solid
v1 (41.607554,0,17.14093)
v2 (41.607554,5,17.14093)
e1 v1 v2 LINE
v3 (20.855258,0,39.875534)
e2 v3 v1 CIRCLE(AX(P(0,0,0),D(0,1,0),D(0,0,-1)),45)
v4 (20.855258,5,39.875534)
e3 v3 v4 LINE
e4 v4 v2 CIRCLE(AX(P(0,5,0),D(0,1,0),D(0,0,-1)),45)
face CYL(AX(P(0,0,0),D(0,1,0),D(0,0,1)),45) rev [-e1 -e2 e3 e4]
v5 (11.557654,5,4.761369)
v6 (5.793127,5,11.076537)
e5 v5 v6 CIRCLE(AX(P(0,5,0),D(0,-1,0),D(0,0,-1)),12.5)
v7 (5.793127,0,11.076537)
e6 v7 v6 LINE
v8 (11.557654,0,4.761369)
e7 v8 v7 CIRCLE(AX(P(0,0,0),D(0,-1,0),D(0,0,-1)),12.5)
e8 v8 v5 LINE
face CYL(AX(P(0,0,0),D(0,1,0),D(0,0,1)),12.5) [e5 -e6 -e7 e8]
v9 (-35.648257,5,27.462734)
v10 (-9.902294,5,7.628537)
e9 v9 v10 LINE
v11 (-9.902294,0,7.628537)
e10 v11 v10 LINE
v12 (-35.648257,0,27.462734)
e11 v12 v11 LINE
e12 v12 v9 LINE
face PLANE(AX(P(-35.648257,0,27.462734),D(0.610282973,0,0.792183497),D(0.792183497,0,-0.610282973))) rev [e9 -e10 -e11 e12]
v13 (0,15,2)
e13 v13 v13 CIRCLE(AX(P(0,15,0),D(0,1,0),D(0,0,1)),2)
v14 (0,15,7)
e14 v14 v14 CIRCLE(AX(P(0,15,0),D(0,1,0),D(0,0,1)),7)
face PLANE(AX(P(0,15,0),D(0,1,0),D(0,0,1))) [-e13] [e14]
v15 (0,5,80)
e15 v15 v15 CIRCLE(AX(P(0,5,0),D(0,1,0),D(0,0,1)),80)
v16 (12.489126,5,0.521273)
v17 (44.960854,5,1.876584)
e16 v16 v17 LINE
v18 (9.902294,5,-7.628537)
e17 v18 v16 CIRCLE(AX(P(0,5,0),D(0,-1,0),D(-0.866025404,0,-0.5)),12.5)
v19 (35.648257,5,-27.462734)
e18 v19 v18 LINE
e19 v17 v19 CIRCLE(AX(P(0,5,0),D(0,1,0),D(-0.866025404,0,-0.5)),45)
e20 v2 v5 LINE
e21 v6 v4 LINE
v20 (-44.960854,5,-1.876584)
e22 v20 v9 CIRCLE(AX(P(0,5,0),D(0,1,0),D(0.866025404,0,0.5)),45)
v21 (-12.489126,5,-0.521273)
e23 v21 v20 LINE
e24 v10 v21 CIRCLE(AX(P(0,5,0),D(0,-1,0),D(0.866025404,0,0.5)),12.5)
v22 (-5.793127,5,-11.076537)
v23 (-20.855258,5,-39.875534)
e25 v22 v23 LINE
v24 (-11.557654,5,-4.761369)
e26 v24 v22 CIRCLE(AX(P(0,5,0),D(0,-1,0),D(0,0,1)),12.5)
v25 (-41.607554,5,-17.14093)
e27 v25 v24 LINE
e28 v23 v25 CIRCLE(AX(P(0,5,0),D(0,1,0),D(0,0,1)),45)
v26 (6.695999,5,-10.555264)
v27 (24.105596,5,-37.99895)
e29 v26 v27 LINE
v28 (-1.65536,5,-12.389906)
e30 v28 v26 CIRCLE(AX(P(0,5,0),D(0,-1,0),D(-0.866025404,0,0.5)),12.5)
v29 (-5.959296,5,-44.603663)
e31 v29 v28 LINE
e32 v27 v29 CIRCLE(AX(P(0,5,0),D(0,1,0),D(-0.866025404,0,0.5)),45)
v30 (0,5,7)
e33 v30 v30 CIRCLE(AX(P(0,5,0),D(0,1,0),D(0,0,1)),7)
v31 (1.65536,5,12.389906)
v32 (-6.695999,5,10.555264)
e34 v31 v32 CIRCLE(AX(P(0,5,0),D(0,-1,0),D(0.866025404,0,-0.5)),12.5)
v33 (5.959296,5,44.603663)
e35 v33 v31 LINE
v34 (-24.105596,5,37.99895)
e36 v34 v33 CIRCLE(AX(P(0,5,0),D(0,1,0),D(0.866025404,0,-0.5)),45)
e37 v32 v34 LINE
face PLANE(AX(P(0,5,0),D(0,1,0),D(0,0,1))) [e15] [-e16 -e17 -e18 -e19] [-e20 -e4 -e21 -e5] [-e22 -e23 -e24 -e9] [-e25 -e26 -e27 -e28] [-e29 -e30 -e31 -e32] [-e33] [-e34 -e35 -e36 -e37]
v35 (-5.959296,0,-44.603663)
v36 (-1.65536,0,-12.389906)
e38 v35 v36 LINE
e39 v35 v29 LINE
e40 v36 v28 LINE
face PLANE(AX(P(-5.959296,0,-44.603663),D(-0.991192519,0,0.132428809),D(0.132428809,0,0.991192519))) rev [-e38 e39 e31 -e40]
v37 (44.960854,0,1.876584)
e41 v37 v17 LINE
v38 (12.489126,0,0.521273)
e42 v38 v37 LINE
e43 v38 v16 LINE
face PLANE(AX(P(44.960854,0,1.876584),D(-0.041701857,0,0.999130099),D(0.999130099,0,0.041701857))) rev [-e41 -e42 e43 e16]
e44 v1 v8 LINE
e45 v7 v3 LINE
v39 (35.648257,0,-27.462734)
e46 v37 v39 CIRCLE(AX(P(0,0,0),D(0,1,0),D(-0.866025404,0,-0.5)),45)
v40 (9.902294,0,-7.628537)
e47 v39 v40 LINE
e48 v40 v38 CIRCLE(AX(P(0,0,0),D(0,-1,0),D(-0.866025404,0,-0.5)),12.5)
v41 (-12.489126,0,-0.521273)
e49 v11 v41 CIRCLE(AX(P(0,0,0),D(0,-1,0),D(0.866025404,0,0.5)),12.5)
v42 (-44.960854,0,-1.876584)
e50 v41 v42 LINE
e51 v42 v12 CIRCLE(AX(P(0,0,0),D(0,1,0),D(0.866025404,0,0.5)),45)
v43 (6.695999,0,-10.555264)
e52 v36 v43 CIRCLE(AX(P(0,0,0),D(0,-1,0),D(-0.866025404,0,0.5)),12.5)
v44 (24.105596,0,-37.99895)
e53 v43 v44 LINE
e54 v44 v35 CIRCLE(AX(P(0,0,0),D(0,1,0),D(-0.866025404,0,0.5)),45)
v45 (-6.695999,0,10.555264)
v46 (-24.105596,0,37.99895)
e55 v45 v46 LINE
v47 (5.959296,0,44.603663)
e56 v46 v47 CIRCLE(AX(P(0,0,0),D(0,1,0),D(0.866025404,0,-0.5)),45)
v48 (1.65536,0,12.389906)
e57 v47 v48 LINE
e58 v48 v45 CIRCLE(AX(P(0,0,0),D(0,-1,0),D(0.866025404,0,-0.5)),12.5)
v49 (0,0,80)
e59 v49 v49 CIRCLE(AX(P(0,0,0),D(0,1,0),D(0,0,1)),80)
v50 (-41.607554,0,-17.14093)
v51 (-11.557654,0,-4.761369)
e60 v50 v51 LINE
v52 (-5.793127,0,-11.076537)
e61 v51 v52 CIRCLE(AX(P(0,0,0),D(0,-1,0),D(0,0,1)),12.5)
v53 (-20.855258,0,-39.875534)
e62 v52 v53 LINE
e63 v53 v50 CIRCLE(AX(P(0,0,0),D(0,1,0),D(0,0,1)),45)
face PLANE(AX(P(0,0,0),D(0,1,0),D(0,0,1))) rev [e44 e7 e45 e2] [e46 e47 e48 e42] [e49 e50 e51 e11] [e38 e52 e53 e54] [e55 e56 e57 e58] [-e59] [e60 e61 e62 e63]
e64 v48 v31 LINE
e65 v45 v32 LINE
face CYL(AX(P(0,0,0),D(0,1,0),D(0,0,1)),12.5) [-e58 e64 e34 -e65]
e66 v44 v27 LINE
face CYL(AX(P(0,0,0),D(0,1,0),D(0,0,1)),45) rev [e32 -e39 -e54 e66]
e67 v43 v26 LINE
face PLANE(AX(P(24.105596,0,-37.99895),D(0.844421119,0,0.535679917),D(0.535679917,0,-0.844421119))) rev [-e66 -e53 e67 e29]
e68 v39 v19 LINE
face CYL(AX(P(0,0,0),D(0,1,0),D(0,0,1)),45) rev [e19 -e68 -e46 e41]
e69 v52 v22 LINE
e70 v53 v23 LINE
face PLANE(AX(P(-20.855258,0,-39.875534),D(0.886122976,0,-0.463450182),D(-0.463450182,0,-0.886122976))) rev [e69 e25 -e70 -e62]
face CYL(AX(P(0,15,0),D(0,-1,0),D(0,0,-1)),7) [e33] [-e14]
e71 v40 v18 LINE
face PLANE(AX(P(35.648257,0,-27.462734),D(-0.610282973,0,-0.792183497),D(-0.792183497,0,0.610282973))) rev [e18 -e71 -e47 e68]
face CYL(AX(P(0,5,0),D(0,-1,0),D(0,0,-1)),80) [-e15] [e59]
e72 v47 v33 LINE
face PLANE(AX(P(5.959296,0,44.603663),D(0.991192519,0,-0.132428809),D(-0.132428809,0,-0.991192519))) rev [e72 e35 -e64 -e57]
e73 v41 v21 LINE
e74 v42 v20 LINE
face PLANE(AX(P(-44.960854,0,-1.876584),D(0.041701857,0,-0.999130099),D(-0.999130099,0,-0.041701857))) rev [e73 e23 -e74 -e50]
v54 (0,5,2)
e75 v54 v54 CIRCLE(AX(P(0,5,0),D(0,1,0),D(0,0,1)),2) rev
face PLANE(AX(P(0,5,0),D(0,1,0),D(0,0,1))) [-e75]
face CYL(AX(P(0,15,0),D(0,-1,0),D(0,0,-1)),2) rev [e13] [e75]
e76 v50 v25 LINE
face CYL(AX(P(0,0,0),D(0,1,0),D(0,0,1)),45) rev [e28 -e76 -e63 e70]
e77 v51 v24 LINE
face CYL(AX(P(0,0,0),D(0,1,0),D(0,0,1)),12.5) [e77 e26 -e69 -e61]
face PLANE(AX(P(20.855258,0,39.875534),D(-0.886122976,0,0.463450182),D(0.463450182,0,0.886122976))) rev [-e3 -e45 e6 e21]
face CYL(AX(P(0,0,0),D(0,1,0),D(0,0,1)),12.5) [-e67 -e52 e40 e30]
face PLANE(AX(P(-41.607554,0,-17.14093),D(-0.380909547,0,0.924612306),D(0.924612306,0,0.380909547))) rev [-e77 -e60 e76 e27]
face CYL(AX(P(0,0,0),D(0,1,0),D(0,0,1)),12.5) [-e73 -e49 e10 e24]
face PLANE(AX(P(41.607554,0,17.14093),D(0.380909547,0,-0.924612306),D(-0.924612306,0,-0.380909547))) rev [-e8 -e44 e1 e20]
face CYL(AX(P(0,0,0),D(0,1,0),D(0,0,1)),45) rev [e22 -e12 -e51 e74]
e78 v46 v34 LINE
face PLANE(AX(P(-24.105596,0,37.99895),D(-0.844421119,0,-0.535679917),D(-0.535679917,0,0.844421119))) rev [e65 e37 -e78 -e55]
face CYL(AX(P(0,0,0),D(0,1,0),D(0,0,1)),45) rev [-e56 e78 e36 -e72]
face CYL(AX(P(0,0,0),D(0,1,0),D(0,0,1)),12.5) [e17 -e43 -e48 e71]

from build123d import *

# Parameters (mm, degrees)
SKETCH_1_R               = 80
EXTRUDE_1_DEPTH          = 5
CUT_EXTRUDE_3_DEPTH      = 114.247516529
PATTERN_CIRCULAR_2_COUNT = 6
SKETCH_2_R               = 7
SKETCH_2_R_2             = 2
EXTRUDE_2_DEPTH          = 10


with BuildPart() as part:
    # 草图1 → 凸台-拉伸1 (new body)
    with BuildSketch(Plane(origin=(0, 0, 0), x_dir=(1, 0, 0), z_dir=(0, 1, 0))):
        Circle(SKETCH_1_R)
    extrude(amount=EXTRUDE_1_DEPTH)

    # 草图5 → 切除-拉伸3 (cut, through all)
    with BuildSketch(Plane(origin=(0, 5, 0), x_dir=(1, 0, 0), z_dir=(0, 1, 0))):
        with BuildLine():
            Line((-41.607553791, 17.140929599), (-11.557653831, 4.761369333))
            ThreePointArc((-11.557653831, 4.761369333), (-9.232157797, 8.427174047), (-5.79312728, 11.076537199))
            Line((-5.79312728, 11.076537199), (-20.855258209, 39.875533916))
            ThreePointArc((-20.855258209, 39.875533916), (-33.235768068, 30.337826569), (-41.607553791, 17.140929599))
        make_face()
    cut_extrude_3 = extrude(amount=-CUT_EXTRUDE_3_DEPTH, mode=Mode.SUBTRACT)

    # 阵列(圆周)2: 切除-拉伸3 ×6 about axis
    pattern_circular_2_axis = Axis((0, 5, 0), (0, 1, 0))
    for i in range(1, PATTERN_CIRCULAR_2_COUNT):
        add(cut_extrude_3.rotate(pattern_circular_2_axis, i * 360 / PATTERN_CIRCULAR_2_COUNT), mode=Mode.SUBTRACT)

    # 草图2 → 凸台-拉伸2 (add)
    with BuildSketch(Plane(origin=(0, 5, 0), x_dir=(1, 0, 0), z_dir=(0, 1, 0))):
        Circle(SKETCH_2_R)
        Circle(SKETCH_2_R_2, mode=Mode.SUBTRACT)
    extrude(amount=EXTRUDE_2_DEPTH)


solid = part.part
